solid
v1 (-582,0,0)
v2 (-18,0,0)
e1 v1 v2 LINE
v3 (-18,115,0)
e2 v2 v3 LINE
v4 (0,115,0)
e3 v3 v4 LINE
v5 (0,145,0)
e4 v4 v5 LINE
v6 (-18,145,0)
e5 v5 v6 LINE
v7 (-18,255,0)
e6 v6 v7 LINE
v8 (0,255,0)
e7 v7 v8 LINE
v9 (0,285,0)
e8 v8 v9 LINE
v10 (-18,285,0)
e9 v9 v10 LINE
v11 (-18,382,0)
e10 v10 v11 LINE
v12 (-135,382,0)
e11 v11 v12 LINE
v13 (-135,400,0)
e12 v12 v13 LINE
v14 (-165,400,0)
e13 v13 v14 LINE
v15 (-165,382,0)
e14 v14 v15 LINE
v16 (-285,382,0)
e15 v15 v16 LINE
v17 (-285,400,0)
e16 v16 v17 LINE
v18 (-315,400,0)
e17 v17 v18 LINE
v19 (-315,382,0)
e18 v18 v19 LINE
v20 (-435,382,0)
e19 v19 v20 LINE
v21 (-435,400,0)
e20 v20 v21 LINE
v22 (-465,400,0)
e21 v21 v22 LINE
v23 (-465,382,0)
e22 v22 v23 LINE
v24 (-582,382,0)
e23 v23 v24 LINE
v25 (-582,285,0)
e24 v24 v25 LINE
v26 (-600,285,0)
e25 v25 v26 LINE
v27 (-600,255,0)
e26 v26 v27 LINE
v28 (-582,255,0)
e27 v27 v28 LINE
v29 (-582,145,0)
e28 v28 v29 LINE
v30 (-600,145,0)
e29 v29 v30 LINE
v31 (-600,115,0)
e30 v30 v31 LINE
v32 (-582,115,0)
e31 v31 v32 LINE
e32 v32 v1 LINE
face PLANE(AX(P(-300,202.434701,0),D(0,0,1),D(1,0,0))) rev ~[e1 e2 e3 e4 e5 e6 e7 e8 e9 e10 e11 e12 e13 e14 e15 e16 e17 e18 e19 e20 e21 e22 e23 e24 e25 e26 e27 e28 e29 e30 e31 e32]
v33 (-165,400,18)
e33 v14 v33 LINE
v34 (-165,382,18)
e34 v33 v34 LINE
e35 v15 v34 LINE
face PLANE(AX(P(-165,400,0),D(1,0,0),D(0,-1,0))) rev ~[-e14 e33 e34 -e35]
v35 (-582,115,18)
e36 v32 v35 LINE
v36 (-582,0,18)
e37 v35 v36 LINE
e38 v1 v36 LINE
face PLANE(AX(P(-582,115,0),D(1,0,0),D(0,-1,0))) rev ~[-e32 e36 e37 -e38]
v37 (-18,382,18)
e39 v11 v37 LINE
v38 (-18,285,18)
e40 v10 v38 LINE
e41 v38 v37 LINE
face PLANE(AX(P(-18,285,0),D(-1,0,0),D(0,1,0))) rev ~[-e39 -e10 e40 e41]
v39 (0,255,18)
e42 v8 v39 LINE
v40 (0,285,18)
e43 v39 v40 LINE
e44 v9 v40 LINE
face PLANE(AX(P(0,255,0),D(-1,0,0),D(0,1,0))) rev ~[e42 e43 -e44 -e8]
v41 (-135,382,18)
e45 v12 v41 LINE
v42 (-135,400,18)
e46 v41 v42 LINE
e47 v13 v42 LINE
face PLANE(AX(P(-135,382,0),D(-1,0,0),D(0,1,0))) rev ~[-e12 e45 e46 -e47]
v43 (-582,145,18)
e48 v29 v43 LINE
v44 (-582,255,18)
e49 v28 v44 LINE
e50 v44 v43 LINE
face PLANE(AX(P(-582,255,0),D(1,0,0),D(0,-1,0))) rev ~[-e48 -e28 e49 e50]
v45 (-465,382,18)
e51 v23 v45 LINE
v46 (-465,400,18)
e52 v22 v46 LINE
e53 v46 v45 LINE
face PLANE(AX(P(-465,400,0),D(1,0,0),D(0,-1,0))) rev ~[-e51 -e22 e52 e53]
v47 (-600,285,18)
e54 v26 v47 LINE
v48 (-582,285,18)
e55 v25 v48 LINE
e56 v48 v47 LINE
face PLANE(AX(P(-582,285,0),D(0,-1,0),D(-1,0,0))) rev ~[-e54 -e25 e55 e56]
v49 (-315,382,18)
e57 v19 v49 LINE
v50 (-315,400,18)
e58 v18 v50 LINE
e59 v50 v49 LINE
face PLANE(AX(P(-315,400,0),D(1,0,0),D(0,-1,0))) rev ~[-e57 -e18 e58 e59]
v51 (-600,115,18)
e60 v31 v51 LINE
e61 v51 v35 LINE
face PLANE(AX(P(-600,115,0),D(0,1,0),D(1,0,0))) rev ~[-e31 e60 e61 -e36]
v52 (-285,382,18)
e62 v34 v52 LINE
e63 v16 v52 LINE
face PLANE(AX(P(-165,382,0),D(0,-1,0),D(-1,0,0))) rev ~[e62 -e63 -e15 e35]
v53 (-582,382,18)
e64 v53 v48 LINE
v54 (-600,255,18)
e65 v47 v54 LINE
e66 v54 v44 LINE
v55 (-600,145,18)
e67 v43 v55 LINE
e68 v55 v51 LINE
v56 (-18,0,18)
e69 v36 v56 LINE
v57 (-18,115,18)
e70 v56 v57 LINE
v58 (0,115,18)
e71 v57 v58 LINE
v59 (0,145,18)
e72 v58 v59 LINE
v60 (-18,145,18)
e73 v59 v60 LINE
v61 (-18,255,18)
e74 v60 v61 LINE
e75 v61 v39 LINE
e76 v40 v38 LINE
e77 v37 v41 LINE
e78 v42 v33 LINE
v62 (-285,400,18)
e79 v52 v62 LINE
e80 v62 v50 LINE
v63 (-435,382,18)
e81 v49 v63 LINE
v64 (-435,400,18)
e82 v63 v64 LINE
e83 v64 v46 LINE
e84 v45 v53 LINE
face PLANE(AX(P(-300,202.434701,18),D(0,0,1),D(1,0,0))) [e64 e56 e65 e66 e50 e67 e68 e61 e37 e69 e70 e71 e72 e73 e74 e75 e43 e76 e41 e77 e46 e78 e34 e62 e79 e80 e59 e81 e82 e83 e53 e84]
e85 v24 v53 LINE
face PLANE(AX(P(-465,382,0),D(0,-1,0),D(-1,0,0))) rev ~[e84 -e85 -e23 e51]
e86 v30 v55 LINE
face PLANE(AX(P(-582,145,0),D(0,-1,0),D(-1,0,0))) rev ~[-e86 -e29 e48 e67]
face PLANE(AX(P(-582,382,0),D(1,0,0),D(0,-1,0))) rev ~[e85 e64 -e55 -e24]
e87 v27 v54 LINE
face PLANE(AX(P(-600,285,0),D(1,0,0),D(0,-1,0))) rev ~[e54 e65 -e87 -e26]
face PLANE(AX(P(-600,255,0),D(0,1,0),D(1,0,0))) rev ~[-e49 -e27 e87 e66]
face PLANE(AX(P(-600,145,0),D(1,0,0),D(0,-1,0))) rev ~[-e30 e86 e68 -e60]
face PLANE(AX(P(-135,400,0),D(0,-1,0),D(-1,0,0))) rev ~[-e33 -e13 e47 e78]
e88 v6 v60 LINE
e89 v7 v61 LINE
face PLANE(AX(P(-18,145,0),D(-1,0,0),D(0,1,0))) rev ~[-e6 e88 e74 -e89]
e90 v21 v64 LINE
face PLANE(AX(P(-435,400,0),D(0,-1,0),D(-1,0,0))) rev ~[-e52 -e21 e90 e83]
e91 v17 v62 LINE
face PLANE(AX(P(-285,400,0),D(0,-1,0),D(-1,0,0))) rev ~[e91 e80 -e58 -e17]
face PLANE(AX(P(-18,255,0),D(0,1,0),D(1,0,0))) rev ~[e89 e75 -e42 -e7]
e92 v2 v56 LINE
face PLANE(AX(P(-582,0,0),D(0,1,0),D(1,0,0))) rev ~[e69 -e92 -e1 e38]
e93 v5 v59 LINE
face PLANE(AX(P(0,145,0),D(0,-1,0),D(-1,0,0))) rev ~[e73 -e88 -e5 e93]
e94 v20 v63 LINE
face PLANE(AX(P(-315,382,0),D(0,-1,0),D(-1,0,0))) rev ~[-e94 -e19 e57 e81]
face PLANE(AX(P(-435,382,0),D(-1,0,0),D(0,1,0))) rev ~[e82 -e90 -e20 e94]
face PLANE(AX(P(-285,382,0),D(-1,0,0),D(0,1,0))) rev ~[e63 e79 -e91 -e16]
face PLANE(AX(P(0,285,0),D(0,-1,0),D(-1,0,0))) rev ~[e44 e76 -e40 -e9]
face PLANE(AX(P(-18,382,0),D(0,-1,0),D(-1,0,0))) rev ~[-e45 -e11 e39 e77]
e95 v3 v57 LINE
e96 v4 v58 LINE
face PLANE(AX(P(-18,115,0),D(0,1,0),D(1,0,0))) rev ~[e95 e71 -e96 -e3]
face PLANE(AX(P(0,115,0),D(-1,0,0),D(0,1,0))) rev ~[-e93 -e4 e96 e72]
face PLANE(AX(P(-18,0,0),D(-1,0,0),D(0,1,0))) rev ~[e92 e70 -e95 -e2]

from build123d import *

# Parameters (mm, degrees)
F2_DEPTH = 18


with BuildPart() as f2:
    # F1 (on Top) → F2 (new body)
    with BuildSketch(Plane.XY):
        Polygon((-582, 255), (-582, 145), (-600, 145), (-600, 115), (-582, 115), (-582, 0), (-18, 0), (-18, 115), (0, 115), (0, 145), (-18, 145), (-18, 255), (0, 255), (0, 285), (-18, 285), (-18, 382), (-135, 382), (-135, 400), (-165, 400), (-165, 382), (-285, 382), (-285, 400), (-315, 400), (-315, 382), (-435, 382), (-435, 400), (-465, 400), (-465, 382), (-582, 382), (-582, 285), (-600, 285), (-600, 255), align=None)
    extrude(amount=F2_DEPTH)


solid = f2.part
